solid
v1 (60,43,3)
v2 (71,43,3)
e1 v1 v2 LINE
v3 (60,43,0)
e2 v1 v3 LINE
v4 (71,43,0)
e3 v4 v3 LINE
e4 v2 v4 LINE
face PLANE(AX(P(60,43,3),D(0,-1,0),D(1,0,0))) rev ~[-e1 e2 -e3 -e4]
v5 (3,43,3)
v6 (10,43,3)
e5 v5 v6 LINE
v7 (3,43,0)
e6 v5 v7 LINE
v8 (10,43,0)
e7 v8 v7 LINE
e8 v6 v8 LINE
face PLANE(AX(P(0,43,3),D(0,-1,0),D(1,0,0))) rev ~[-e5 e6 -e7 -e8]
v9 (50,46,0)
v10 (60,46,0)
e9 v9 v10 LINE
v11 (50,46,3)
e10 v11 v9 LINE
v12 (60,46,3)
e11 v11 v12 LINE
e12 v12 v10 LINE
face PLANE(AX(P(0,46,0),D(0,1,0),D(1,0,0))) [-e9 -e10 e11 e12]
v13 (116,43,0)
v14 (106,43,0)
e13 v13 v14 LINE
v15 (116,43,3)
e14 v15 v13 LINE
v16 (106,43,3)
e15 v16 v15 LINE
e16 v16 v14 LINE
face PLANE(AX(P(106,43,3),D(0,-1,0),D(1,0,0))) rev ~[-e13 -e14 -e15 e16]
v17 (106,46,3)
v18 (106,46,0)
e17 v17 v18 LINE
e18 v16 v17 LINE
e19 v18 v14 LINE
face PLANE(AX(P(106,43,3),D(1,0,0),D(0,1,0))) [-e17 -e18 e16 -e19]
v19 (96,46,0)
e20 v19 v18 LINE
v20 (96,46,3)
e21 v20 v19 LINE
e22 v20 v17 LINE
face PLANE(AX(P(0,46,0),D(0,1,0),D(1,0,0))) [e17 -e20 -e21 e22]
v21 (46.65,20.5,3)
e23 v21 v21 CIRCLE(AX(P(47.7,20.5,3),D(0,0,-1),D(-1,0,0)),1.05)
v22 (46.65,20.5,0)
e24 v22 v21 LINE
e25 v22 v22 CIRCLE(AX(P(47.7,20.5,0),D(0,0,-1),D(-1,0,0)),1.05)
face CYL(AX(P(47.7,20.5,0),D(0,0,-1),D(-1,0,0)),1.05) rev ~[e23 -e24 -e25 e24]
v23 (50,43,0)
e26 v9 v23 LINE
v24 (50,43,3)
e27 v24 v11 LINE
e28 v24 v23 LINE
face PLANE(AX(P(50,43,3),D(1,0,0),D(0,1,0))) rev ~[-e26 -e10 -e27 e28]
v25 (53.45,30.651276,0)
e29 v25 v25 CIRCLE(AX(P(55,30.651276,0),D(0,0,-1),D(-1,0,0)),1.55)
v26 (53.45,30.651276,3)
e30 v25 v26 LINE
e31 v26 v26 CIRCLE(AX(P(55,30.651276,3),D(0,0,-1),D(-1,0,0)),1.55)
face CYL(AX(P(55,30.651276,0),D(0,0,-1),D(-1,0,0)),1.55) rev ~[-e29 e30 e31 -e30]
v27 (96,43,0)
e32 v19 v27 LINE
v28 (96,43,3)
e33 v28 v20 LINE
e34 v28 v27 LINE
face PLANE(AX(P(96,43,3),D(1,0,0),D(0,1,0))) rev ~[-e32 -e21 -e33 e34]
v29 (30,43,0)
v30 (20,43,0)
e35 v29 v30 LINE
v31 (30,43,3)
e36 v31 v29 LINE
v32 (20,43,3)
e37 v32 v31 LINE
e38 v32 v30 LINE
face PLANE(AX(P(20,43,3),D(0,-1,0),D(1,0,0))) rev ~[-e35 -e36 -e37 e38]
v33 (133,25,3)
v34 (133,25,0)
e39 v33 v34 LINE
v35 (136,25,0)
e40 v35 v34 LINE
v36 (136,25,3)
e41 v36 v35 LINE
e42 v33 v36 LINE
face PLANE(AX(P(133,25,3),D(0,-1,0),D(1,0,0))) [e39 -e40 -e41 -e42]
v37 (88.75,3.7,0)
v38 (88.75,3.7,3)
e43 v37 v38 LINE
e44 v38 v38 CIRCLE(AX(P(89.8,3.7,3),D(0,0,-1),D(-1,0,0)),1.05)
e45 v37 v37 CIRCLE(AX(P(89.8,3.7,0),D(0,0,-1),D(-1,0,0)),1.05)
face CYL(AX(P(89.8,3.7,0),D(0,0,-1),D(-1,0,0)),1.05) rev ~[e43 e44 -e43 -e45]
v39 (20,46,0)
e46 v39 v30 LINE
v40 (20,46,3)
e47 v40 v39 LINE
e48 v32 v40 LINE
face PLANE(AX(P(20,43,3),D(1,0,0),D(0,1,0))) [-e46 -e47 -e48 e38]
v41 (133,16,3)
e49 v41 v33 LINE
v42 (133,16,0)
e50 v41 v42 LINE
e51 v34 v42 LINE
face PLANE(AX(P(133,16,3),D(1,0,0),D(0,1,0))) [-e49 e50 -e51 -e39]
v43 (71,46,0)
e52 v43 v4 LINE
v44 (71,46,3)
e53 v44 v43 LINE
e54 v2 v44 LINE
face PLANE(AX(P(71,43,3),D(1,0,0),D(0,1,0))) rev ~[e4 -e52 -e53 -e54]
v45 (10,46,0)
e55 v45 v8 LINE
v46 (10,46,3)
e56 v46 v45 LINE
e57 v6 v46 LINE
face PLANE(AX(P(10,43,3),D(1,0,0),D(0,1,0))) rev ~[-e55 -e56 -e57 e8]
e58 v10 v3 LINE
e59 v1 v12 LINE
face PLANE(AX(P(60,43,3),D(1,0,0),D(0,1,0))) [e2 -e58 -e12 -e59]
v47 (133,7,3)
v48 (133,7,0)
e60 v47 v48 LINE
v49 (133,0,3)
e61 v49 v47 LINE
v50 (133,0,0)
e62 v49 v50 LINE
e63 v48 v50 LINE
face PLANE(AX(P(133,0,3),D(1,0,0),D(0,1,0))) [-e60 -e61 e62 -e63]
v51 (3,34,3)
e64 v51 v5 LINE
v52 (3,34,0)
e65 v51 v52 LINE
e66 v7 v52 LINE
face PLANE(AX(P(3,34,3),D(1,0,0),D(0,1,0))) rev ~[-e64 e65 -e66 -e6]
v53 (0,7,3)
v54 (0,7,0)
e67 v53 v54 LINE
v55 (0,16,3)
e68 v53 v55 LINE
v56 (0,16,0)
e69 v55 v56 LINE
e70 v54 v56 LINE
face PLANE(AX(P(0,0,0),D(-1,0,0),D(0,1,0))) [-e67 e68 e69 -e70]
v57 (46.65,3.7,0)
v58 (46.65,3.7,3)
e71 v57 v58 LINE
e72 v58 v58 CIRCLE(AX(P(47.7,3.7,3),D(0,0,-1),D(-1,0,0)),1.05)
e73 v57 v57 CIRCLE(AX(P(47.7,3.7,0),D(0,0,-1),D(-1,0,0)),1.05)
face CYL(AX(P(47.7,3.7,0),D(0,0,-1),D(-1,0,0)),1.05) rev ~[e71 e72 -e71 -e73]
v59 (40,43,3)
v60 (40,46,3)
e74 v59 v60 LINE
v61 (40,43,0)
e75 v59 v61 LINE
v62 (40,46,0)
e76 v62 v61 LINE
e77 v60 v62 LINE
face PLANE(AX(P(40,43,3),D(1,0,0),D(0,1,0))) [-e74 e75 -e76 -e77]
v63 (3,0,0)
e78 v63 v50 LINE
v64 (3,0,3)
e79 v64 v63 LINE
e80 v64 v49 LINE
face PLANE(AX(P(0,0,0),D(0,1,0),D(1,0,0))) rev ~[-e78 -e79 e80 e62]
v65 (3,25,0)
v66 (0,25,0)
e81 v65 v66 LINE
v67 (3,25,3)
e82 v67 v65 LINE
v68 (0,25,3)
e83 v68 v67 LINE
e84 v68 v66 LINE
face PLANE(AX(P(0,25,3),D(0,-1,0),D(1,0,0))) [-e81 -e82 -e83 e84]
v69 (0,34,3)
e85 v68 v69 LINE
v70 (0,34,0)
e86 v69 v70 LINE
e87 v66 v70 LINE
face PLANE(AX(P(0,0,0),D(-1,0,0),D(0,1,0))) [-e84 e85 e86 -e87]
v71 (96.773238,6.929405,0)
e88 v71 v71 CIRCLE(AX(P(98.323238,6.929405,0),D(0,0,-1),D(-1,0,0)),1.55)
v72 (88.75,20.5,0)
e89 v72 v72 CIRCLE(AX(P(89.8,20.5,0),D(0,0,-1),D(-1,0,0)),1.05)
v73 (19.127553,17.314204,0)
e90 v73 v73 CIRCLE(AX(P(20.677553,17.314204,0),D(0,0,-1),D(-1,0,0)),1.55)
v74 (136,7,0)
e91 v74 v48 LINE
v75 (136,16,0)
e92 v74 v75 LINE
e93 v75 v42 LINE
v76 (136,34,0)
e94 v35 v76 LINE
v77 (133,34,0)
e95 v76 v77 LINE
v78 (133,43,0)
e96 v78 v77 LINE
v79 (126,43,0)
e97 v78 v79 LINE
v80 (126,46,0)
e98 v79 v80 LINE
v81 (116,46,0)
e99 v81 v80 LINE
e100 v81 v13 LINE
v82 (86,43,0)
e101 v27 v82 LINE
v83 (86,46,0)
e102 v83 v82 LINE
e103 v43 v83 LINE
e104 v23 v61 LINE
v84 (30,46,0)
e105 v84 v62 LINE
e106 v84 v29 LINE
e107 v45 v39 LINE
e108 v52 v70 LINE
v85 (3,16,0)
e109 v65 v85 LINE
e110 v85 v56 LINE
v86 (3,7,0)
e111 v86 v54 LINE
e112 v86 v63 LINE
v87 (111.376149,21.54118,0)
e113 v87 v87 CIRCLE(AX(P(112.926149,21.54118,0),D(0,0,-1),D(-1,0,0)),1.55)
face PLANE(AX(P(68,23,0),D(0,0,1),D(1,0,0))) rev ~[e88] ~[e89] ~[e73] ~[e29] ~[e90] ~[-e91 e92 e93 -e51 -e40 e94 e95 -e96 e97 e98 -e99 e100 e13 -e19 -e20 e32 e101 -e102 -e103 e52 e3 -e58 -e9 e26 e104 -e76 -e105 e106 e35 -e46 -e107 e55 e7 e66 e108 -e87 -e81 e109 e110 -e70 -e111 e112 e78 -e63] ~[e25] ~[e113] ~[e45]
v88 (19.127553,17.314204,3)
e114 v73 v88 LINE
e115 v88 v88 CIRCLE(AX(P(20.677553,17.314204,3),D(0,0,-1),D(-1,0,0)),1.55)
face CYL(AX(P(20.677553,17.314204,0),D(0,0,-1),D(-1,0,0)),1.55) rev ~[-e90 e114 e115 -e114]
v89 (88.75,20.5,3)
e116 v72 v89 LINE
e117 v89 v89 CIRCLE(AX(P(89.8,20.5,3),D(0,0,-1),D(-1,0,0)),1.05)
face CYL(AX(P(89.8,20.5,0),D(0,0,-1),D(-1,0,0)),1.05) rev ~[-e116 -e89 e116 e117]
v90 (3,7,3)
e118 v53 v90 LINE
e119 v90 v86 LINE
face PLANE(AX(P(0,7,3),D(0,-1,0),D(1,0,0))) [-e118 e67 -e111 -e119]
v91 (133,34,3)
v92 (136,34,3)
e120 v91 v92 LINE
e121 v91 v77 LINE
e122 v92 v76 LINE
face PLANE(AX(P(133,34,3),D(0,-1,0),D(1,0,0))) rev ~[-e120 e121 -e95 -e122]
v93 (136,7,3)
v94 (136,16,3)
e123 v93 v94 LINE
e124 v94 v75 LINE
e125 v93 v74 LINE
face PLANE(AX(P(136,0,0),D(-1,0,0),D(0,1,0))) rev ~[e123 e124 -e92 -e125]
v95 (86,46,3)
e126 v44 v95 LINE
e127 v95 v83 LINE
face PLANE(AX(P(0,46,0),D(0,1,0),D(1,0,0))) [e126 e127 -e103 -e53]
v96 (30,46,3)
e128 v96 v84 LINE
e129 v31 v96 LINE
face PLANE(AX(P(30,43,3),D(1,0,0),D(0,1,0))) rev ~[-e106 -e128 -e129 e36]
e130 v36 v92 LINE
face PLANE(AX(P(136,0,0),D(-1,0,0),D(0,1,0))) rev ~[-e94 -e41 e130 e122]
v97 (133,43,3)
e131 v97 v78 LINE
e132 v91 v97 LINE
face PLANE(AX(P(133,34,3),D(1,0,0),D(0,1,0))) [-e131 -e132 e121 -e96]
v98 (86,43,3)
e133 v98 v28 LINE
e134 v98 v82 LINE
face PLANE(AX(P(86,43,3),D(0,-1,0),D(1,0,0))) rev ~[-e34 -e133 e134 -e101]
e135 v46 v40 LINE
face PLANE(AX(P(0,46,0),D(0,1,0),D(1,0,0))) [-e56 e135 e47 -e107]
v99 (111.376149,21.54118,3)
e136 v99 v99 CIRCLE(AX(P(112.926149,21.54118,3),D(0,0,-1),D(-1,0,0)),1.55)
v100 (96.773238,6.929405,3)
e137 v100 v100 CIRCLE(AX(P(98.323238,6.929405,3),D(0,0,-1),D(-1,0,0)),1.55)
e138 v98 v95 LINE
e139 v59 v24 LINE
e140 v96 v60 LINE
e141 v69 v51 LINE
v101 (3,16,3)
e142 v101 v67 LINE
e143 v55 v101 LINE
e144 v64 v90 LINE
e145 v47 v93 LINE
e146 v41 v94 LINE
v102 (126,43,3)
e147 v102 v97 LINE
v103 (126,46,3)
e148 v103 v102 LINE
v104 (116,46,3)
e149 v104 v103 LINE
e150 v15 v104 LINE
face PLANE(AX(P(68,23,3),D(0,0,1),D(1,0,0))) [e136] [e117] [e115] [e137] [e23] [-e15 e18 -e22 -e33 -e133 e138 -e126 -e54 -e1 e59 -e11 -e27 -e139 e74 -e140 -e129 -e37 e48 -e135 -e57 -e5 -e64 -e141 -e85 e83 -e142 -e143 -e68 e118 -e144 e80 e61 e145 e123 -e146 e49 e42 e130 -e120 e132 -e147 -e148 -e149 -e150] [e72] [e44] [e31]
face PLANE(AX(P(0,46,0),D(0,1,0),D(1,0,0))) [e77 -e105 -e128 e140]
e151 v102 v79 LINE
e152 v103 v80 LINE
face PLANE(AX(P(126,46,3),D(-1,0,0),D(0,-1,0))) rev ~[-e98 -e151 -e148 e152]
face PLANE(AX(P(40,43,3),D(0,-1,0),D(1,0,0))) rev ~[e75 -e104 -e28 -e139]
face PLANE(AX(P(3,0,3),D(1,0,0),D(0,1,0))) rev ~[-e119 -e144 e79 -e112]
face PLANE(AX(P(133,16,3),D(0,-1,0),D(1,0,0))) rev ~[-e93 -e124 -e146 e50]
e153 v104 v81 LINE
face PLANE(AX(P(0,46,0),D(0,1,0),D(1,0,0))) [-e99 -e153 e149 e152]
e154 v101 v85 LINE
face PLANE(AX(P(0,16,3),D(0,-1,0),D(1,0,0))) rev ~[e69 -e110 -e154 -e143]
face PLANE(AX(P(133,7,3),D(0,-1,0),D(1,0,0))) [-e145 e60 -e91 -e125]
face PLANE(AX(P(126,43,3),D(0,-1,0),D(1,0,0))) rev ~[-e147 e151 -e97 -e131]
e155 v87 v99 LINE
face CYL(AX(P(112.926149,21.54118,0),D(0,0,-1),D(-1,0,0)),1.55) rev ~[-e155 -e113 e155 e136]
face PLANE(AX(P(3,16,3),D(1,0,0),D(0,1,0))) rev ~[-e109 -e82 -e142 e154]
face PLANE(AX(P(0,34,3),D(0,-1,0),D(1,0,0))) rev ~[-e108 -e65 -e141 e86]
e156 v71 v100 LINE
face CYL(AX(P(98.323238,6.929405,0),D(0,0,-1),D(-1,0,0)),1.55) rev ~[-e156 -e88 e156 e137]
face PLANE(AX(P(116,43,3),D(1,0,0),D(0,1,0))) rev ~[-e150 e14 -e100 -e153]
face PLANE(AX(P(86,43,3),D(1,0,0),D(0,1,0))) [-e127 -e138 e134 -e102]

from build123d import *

# Parameters (mm, degrees)
SKETCH1_W           = 136
SKETCH1_H           = 46
BOSS_EXTRUDE1_DEPTH = 3
CUT_EXTRUDE1_REACH  = 5
SKETCH4_W           = 3
SKETCH4_H           = 9
SKETCH4_H_2         = 7
SKETCH4_W_2         = 10
SKETCH4_H_3         = 3
SKETCH4_W_3         = 11
CUT_EXTRUDE2_REACH  = 5
SKETCH5_R           = 1.05
SKETCH5_R_2         = 1.55


with BuildPart() as part:
    # Sketch1 → Boss-Extrude1 (new body)
    with BuildSketch(Plane.XY):
        with Locations((68, 23)):
            Rectangle(SKETCH1_W, SKETCH1_H)
    extrude(amount=BOSS_EXTRUDE1_DEPTH)

    # Sketch4 → Cut-Extrude1 (cut, up to next)
    with BuildSketch(Plane.XY.offset(3), mode=Mode.PRIVATE) as cut_extrude1_sk1:
        Polygon((0, 46), (0, 43), (3, 43), (10, 43), (10, 46), align=None)
    cut_extrude1_tool1 = extrude(cut_extrude1_sk1.sketch, amount=-CUT_EXTRUDE1_REACH, mode=Mode.PRIVATE) & part.part
    add(cut_extrude1_tool1.solids().sort_by_distance((5, 44.5, 3))[0], mode=Mode.SUBTRACT)
    # Sketch4 → Cut-Extrude1 (cut, up to next)
    with BuildSketch(Plane.XY.offset(3), mode=Mode.PRIVATE) as cut_extrude1_sk2:
        with Locations((1.5, 38.5)):
            Rectangle(SKETCH4_W, SKETCH4_H)
    cut_extrude1_tool2 = extrude(cut_extrude1_sk2.sketch, amount=-CUT_EXTRUDE1_REACH, mode=Mode.PRIVATE) & part.part
    add(cut_extrude1_tool2.solids().sort_by_distance((1.5, 38.5, 3))[0], mode=Mode.SUBTRACT)
    # Sketch4 → Cut-Extrude1 (cut, up to next)
    with BuildSketch(Plane.XY.offset(3), mode=Mode.PRIVATE) as cut_extrude1_sk3:
        with Locations((1.5, 20.5)):
            Rectangle(SKETCH4_W, SKETCH4_H)
    cut_extrude1_tool3 = extrude(cut_extrude1_sk3.sketch, amount=-CUT_EXTRUDE1_REACH, mode=Mode.PRIVATE) & part.part
    add(cut_extrude1_tool3.solids().sort_by_distance((1.5, 20.5, 3))[0], mode=Mode.SUBTRACT)
    # Sketch4 → Cut-Extrude1 (cut, up to next)
    with BuildSketch(Plane.XY.offset(3), mode=Mode.PRIVATE) as cut_extrude1_sk4:
        with Locations((1.5, 3.5)):
            Rectangle(SKETCH4_W, SKETCH4_H_2)
    cut_extrude1_tool4 = extrude(cut_extrude1_sk4.sketch, amount=-CUT_EXTRUDE1_REACH, mode=Mode.PRIVATE) & part.part
    add(cut_extrude1_tool4.solids().sort_by_distance((1.5, 3.5, 3))[0], mode=Mode.SUBTRACT)
    # Sketch4 → Cut-Extrude1 (cut, up to next)
    with BuildSketch(Plane.XY.offset(3), mode=Mode.PRIVATE) as cut_extrude1_sk5:
        with Locations((25, 44.5)):
            Rectangle(SKETCH4_W_2, SKETCH4_H_3)
    cut_extrude1_tool5 = extrude(cut_extrude1_sk5.sketch, amount=-CUT_EXTRUDE1_REACH, mode=Mode.PRIVATE) & part.part
    add(cut_extrude1_tool5.solids().sort_by_distance((25, 44.5, 3))[0], mode=Mode.SUBTRACT)
    # Sketch4 → Cut-Extrude1 (cut, up to next)
    with BuildSketch(Plane.XY.offset(3), mode=Mode.PRIVATE) as cut_extrude1_sk6:
        with Locations((45, 44.5)):
            Rectangle(SKETCH4_W_2, SKETCH4_H_3)
    cut_extrude1_tool6 = extrude(cut_extrude1_sk6.sketch, amount=-CUT_EXTRUDE1_REACH, mode=Mode.PRIVATE) & part.part
    add(cut_extrude1_tool6.solids().sort_by_distance((45, 44.5, 3))[0], mode=Mode.SUBTRACT)
    # Sketch4 → Cut-Extrude1 (cut, up to next)
    with BuildSketch(Plane.XY.offset(3), mode=Mode.PRIVATE) as cut_extrude1_sk7:
        with Locations((65.5, 44.5)):
            Rectangle(SKETCH4_W_3, SKETCH4_H_3)
    cut_extrude1_tool7 = extrude(cut_extrude1_sk7.sketch, amount=-CUT_EXTRUDE1_REACH, mode=Mode.PRIVATE) & part.part
    add(cut_extrude1_tool7.solids().sort_by_distance((65.5, 44.5, 3))[0], mode=Mode.SUBTRACT)
    # Sketch4 → Cut-Extrude1 (cut, up to next)
    with BuildSketch(Plane.XY.offset(3), mode=Mode.PRIVATE) as cut_extrude1_sk8:
        with Locations((91, 44.5)):
            Rectangle(SKETCH4_W_2, SKETCH4_H_3)
    cut_extrude1_tool8 = extrude(cut_extrude1_sk8.sketch, amount=-CUT_EXTRUDE1_REACH, mode=Mode.PRIVATE) & part.part
    add(cut_extrude1_tool8.solids().sort_by_distance((91, 44.5, 3))[0], mode=Mode.SUBTRACT)
    # Sketch4 → Cut-Extrude1 (cut, up to next)
    with BuildSketch(Plane.XY.offset(3), mode=Mode.PRIVATE) as cut_extrude1_sk9:
        with Locations((111, 44.5)):
            Rectangle(SKETCH4_W_2, SKETCH4_H_3)
    cut_extrude1_tool9 = extrude(cut_extrude1_sk9.sketch, amount=-CUT_EXTRUDE1_REACH, mode=Mode.PRIVATE) & part.part
    add(cut_extrude1_tool9.solids().sort_by_distance((111, 44.5, 3))[0], mode=Mode.SUBTRACT)
    # Sketch4 → Cut-Extrude1 (cut, up to next)
    with BuildSketch(Plane.XY.offset(3), mode=Mode.PRIVATE) as cut_extrude1_sk10:
        Polygon((133, 43), (136, 43), (136, 46), (126, 46), (126, 43), align=None)
    cut_extrude1_tool10 = extrude(cut_extrude1_sk10.sketch, amount=-CUT_EXTRUDE1_REACH, mode=Mode.PRIVATE) & part.part
    add(cut_extrude1_tool10.solids().sort_by_distance((131, 44.5, 3))[0], mode=Mode.SUBTRACT)
    # Sketch4 → Cut-Extrude1 (cut, up to next)
    with BuildSketch(Plane.XY.offset(3), mode=Mode.PRIVATE) as cut_extrude1_sk11:
        with Locations((134.5, 38.5)):
            Rectangle(SKETCH4_W, SKETCH4_H)
    cut_extrude1_tool11 = extrude(cut_extrude1_sk11.sketch, amount=-CUT_EXTRUDE1_REACH, mode=Mode.PRIVATE) & part.part
    add(cut_extrude1_tool11.solids().sort_by_distance((134.5, 38.5, 3))[0], mode=Mode.SUBTRACT)
    # Sketch4 → Cut-Extrude1 (cut, up to next)
    with BuildSketch(Plane.XY.offset(3), mode=Mode.PRIVATE) as cut_extrude1_sk12:
        with Locations((134.5, 20.5)):
            Rectangle(SKETCH4_W, SKETCH4_H)
    cut_extrude1_tool12 = extrude(cut_extrude1_sk12.sketch, amount=-CUT_EXTRUDE1_REACH, mode=Mode.PRIVATE) & part.part
    add(cut_extrude1_tool12.solids().sort_by_distance((134.5, 20.5, 3))[0], mode=Mode.SUBTRACT)
    # Sketch4 → Cut-Extrude1 (cut, up to next)
    with BuildSketch(Plane.XY.offset(3), mode=Mode.PRIVATE) as cut_extrude1_sk13:
        with Locations((134.5, 3.5)):
            Rectangle(SKETCH4_W, SKETCH4_H_2)
    cut_extrude1_tool13 = extrude(cut_extrude1_sk13.sketch, amount=-CUT_EXTRUDE1_REACH, mode=Mode.PRIVATE) & part.part
    add(cut_extrude1_tool13.solids().sort_by_distance((134.5, 3.5, 3))[0], mode=Mode.SUBTRACT)

    # Sketch5 → Cut-Extrude2 (cut, up to next)
    with BuildSketch(Plane(origin=(0, 0, 0), x_dir=(-1, 0, 0), z_dir=(0, 0, -1)), mode=Mode.PRIVATE) as cut_extrude2_sk1:
        with Locations((-89.8, 20.5)):
            Circle(SKETCH5_R)
    cut_extrude2_tool1 = extrude(cut_extrude2_sk1.sketch, amount=-CUT_EXTRUDE2_REACH, mode=Mode.PRIVATE) & part.part
    add(cut_extrude2_tool1.solids().sort_by_distance((89.8, 20.5, 0))[0], mode=Mode.SUBTRACT)
    # Sketch5 → Cut-Extrude2 (cut, up to next)
    with BuildSketch(Plane(origin=(0, 0, 0), x_dir=(-1, 0, 0), z_dir=(0, 0, -1)), mode=Mode.PRIVATE) as cut_extrude2_sk2:
        with Locations((-89.8, 3.7)):
            Circle(SKETCH5_R)
    cut_extrude2_tool2 = extrude(cut_extrude2_sk2.sketch, amount=-CUT_EXTRUDE2_REACH, mode=Mode.PRIVATE) & part.part
    add(cut_extrude2_tool2.solids().sort_by_distance((89.8, 3.7, 0))[0], mode=Mode.SUBTRACT)
    # Sketch5 → Cut-Extrude2 (cut, up to next)
    with BuildSketch(Plane(origin=(0, 0, 0), x_dir=(-1, 0, 0), z_dir=(0, 0, -1)), mode=Mode.PRIVATE) as cut_extrude2_sk3:
        with Locations((-47.7, 20.5)):
            Circle(SKETCH5_R)
    cut_extrude2_tool3 = extrude(cut_extrude2_sk3.sketch, amount=-CUT_EXTRUDE2_REACH, mode=Mode.PRIVATE) & part.part
    add(cut_extrude2_tool3.solids().sort_by_distance((47.7, 20.5, 0))[0], mode=Mode.SUBTRACT)
    # Sketch5 → Cut-Extrude2 (cut, up to next)
    with BuildSketch(Plane(origin=(0, 0, 0), x_dir=(-1, 0, 0), z_dir=(0, 0, -1)), mode=Mode.PRIVATE) as cut_extrude2_sk4:
        with Locations((-47.7, 3.7)):
            Circle(SKETCH5_R)
    cut_extrude2_tool4 = extrude(cut_extrude2_sk4.sketch, amount=-CUT_EXTRUDE2_REACH, mode=Mode.PRIVATE) & part.part
    add(cut_extrude2_tool4.solids().sort_by_distance((47.7, 3.7, 0))[0], mode=Mode.SUBTRACT)
    # Sketch5 → Cut-Extrude2 (cut, up to next)
    with BuildSketch(Plane(origin=(0, 0, 0), x_dir=(-1, 0, 0), z_dir=(0, 0, -1)), mode=Mode.PRIVATE) as cut_extrude2_sk5:
        with Locations((-20.677552724, 17.314204089)):
            Circle(SKETCH5_R_2)
    cut_extrude2_tool5 = extrude(cut_extrude2_sk5.sketch, amount=-CUT_EXTRUDE2_REACH, mode=Mode.PRIVATE) & part.part
    add(cut_extrude2_tool5.solids().sort_by_distance((20.677553, 17.314204, 0))[0], mode=Mode.SUBTRACT)
    # Sketch5 → Cut-Extrude2 (cut, up to next)
    with BuildSketch(Plane(origin=(0, 0, 0), x_dir=(-1, 0, 0), z_dir=(0, 0, -1)), mode=Mode.PRIVATE) as cut_extrude2_sk6:
        with Locations((-55, 30.651276125)):
            Circle(SKETCH5_R_2)
    cut_extrude2_tool6 = extrude(cut_extrude2_sk6.sketch, amount=-CUT_EXTRUDE2_REACH, mode=Mode.PRIVATE) & part.part
    add(cut_extrude2_tool6.solids().sort_by_distance((55, 30.651276, 0))[0], mode=Mode.SUBTRACT)
    # Sketch5 → Cut-Extrude2 (cut, up to next)
    with BuildSketch(Plane(origin=(0, 0, 0), x_dir=(-1, 0, 0), z_dir=(0, 0, -1)), mode=Mode.PRIVATE) as cut_extrude2_sk7:
        with Locations((-112.926148706, 21.541179951)):
            Circle(SKETCH5_R_2)
    cut_extrude2_tool7 = extrude(cut_extrude2_sk7.sketch, amount=-CUT_EXTRUDE2_REACH, mode=Mode.PRIVATE) & part.part
    add(cut_extrude2_tool7.solids().sort_by_distance((112.926149, 21.54118, 0))[0], mode=Mode.SUBTRACT)
    # Sketch5 → Cut-Extrude2 (cut, up to next)
    with BuildSketch(Plane(origin=(0, 0, 0), x_dir=(-1, 0, 0), z_dir=(0, 0, -1)), mode=Mode.PRIVATE) as cut_extrude2_sk8:
        with Locations((-98.323238206, 6.929404951)):
            Circle(SKETCH5_R_2)
    cut_extrude2_tool8 = extrude(cut_extrude2_sk8.sketch, amount=-CUT_EXTRUDE2_REACH, mode=Mode.PRIVATE) & part.part
    add(cut_extrude2_tool8.solids().sort_by_distance((98.323238, 6.929405, 0))[0], mode=Mode.SUBTRACT)


solid = part.part
